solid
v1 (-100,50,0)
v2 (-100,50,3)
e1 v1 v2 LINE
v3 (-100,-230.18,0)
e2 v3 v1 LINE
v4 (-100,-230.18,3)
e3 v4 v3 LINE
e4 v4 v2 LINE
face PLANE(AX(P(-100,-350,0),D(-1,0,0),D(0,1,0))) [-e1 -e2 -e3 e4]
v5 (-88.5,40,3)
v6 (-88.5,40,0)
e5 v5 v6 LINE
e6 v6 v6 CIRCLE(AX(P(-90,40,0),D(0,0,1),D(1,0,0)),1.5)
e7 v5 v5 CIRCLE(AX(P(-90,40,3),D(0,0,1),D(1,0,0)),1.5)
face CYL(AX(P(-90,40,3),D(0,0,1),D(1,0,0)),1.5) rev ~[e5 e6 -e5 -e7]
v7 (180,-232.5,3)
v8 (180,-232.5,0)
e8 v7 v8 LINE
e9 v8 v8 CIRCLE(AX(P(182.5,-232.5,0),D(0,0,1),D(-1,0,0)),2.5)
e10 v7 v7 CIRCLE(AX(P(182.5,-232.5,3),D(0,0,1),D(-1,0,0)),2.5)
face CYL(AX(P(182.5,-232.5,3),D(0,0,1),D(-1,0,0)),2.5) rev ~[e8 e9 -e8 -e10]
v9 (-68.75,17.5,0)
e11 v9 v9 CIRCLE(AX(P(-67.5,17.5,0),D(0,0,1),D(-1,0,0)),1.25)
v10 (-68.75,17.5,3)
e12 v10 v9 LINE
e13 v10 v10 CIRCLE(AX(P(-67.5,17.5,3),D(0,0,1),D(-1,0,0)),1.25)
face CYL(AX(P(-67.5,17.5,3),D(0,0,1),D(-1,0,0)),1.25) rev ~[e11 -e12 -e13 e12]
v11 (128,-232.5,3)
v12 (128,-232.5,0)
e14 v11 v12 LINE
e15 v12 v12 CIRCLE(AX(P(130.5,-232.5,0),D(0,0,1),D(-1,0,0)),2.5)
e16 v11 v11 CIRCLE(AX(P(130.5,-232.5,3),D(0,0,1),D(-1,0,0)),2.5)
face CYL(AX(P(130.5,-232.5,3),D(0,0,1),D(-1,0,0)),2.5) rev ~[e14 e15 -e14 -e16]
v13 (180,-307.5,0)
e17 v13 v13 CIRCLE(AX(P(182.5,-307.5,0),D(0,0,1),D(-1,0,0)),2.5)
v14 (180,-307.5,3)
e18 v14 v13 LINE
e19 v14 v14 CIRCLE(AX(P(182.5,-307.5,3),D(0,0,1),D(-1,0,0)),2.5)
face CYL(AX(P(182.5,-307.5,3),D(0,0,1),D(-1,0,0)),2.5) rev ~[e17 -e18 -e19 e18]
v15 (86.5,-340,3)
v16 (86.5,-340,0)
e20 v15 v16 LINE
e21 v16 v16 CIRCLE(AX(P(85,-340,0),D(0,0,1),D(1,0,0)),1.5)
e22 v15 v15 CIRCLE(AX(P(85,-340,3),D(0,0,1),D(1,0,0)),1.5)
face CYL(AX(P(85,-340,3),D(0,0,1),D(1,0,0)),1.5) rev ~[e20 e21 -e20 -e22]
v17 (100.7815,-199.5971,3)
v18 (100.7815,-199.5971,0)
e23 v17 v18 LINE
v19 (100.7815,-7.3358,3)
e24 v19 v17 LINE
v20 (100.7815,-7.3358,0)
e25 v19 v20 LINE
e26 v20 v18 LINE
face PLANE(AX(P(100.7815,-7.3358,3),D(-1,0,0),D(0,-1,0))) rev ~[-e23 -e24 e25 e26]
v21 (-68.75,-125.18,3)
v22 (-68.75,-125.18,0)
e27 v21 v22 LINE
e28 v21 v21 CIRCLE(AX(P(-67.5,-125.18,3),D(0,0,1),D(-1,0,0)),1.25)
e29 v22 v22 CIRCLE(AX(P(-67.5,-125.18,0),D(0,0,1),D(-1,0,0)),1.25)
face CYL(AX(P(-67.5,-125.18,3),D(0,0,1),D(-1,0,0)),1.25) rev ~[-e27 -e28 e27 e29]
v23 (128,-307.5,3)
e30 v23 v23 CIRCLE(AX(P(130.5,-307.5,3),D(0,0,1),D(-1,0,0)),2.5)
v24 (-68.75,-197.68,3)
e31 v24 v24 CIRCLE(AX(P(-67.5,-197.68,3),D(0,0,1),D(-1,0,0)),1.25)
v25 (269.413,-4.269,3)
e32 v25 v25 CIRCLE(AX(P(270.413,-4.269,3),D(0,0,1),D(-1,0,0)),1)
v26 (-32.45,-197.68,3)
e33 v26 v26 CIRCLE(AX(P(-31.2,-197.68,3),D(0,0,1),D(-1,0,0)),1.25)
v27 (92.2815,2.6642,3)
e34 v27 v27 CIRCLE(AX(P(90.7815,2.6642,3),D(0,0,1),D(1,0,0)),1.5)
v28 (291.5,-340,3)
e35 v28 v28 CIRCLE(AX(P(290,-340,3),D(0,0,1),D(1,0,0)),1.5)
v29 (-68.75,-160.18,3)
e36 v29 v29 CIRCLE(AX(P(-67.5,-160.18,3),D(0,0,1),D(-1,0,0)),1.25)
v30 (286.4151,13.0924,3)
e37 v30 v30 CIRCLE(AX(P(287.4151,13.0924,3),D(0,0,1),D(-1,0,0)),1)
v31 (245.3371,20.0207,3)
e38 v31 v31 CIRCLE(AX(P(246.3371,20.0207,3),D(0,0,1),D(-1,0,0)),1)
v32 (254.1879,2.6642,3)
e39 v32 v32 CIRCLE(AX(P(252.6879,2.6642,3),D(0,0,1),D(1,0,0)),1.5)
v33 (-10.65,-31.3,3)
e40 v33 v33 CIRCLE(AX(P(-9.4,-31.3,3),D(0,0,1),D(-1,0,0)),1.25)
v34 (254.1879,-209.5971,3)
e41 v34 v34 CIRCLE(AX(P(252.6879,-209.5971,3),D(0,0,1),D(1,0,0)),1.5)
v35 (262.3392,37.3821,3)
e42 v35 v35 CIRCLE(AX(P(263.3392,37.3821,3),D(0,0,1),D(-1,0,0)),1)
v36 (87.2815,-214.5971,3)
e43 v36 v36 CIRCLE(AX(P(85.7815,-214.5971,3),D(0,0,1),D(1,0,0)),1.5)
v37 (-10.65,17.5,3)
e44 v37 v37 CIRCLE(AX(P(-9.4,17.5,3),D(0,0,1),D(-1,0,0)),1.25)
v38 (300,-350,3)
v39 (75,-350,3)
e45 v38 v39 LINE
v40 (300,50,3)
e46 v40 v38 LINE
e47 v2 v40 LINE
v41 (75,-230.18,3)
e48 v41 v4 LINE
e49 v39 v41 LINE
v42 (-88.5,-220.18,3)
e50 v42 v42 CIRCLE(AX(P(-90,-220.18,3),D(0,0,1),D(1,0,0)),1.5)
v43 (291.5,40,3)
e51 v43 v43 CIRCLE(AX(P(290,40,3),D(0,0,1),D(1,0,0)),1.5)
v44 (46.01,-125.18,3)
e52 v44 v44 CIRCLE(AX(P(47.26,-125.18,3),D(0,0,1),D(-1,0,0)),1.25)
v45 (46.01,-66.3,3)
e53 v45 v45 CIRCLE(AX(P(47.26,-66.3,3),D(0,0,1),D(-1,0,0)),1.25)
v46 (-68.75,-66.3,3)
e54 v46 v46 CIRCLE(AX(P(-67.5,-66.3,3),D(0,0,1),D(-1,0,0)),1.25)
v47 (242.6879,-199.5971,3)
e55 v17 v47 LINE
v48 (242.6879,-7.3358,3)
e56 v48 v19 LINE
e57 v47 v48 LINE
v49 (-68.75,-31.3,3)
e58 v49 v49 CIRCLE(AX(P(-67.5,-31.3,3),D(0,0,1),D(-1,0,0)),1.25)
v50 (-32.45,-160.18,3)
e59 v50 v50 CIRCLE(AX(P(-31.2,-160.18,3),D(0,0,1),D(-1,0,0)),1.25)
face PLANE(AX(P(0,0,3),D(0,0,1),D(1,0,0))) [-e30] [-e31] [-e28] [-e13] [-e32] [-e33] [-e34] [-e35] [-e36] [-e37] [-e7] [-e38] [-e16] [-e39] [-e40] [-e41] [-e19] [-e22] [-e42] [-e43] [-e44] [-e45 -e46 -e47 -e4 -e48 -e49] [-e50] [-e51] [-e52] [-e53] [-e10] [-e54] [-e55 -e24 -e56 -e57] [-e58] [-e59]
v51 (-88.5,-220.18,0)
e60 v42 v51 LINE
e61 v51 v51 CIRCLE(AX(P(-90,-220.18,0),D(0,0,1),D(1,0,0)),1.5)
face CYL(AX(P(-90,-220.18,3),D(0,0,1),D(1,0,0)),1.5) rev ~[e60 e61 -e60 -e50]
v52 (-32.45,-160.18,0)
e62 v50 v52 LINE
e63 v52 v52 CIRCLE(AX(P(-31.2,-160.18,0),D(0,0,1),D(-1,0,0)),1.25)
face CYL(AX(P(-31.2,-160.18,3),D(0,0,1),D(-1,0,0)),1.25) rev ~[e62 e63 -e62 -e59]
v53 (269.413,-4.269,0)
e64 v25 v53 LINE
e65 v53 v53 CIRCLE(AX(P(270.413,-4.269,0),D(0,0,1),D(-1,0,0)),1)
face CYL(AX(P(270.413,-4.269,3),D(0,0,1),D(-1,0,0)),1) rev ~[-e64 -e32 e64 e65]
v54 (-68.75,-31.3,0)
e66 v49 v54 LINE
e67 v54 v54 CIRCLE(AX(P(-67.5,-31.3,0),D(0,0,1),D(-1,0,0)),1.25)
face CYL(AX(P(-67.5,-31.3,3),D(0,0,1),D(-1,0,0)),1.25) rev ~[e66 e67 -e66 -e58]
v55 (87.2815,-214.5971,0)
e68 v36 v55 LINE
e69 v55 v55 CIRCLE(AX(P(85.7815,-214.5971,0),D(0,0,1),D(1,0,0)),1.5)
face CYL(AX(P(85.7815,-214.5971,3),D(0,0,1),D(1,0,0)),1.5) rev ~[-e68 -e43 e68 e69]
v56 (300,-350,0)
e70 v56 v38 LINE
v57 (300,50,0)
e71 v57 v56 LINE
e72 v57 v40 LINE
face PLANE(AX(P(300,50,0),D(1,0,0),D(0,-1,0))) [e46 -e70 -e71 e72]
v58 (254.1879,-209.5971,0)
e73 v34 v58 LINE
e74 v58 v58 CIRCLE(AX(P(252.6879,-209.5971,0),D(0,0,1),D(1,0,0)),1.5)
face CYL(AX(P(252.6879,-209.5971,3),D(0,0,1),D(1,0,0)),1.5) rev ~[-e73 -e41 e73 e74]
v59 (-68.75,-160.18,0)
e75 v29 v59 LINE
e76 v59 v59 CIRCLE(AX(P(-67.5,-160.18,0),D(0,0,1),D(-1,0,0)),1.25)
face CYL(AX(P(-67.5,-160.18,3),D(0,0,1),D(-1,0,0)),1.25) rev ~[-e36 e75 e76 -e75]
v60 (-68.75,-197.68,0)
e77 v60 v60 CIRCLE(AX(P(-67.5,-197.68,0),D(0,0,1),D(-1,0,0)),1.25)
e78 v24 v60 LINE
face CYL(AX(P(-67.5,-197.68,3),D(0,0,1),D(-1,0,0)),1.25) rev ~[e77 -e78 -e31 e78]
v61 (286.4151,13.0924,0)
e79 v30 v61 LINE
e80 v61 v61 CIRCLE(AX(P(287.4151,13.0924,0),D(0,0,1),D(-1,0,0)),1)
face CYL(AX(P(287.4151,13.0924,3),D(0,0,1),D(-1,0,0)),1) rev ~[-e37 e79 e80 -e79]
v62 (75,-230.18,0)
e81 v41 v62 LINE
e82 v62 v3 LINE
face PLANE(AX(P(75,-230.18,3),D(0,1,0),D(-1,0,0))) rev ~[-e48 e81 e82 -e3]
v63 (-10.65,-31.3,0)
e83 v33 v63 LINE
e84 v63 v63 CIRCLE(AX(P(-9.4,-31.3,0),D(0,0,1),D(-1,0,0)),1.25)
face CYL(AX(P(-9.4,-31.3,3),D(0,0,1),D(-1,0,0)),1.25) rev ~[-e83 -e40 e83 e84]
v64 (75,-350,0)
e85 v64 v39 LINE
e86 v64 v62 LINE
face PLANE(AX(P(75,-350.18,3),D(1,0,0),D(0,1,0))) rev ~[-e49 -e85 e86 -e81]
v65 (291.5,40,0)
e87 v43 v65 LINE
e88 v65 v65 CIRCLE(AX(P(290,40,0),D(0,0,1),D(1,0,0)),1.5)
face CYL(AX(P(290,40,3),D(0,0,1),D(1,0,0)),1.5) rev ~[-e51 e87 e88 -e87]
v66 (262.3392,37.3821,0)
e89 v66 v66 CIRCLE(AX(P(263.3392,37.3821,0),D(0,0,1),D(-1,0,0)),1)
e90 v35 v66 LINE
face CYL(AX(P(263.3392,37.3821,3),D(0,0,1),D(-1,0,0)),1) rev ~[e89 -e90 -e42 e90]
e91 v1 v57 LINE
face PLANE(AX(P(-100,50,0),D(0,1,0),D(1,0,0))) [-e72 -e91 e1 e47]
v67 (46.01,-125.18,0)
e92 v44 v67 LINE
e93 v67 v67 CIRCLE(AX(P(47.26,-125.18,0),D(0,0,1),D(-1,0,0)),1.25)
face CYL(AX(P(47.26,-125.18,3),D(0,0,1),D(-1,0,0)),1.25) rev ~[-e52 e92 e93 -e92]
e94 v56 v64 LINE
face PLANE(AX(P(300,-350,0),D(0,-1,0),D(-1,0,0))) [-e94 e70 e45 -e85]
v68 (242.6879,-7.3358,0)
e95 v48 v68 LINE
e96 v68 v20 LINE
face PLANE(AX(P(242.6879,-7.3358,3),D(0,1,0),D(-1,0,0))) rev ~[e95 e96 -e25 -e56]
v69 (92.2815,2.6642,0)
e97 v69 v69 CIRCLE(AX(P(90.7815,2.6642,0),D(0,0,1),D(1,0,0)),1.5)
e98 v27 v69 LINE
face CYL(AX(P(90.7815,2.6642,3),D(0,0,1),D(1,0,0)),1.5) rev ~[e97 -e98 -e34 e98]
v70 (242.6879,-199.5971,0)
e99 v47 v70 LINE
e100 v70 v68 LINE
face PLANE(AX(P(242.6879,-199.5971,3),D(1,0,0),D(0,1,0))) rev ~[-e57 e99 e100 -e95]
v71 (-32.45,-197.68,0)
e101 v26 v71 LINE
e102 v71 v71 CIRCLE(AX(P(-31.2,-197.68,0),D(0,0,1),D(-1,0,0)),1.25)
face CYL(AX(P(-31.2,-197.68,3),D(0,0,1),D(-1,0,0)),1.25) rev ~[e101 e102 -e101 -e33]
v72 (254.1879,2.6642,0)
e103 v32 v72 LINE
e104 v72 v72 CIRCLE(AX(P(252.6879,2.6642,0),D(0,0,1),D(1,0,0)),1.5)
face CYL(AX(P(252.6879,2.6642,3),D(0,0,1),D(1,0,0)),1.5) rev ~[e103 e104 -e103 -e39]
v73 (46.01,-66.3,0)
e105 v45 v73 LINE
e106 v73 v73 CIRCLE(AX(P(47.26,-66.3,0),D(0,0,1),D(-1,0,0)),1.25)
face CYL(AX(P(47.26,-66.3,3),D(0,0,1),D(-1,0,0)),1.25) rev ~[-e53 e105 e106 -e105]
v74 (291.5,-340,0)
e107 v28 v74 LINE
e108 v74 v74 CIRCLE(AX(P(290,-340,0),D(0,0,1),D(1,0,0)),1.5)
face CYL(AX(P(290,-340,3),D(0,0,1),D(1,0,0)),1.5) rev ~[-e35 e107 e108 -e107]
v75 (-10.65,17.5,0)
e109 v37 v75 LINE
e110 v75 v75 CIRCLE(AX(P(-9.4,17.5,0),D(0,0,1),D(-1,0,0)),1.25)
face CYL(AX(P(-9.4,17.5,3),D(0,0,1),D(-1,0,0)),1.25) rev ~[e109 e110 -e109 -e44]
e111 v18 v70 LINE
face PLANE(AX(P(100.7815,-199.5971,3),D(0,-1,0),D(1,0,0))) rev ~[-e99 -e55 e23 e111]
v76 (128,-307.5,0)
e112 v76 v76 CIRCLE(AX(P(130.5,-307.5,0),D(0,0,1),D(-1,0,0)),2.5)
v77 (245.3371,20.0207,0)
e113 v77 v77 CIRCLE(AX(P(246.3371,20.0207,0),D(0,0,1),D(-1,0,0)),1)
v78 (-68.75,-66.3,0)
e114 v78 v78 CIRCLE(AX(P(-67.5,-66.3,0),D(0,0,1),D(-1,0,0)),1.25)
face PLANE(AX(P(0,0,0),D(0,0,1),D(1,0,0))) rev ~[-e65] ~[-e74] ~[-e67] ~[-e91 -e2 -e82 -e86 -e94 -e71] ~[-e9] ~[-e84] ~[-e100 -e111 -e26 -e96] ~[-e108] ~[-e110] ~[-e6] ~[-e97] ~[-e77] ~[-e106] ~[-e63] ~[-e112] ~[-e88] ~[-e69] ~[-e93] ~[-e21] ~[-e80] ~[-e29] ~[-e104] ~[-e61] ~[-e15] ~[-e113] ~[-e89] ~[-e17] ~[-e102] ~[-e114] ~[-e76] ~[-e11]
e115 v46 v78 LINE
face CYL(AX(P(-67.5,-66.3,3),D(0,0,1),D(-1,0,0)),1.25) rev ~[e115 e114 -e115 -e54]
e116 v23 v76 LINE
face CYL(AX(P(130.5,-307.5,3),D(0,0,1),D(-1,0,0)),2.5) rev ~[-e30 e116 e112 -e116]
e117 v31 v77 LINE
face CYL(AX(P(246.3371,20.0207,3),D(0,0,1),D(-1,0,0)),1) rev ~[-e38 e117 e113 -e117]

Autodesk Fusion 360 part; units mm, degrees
sketch "Sketch1" plane through (0, 0, 0) normal (0, 0, 1) x (1, 0, 0)
  line L0 (-100, 50) -> (300, 50)
  line L1 (300, 50) -> (300, -350)
  line L2 (300, -350) -> (-100, -350)
  line L3 (-100, -350) -> (-100, 50)
  dimension "d1" = 400
  dimension "d2" = 400
extrude "Extrude1" add sketch "Sketch1" along normal blind 3
sketch "Sketch2" plane through (0, 0, 3) normal (0, 0, 1) x (-1, 0, 0)
  line L0 (100, 350) -> (-300, 350)
  line L1 (-300, 350) -> (-300, -50)
  line L2 (-300, -50) -> (100, -50)
  line L3 (100, -50) -> (100, 350)
  line L4 (-263.3486, -40) -> (-290, -13.1239)
  line L5 (-290, -13.1239) -> (-270.7994, 7.2868)
  line L6 (-270.7994, 7.2868) -> (-243.7577, -19.9951)
  line L7 (-243.7577, -19.9951) -> (-263.3486, -40)
  circle A0 centre (-263.3392, -37.3821) radius 1
  circle A1 centre (-287.4151, -13.0924) radius 1
  circle A2 centre (-246.3371, -20.0207) radius 1
  circle A3 centre (-270.413, 4.269) radius 1
  line L8 (-105, 220) -> (-270, 220)
  line L9 (-270, 220) -> (-270, 320)
  line L10 (-270, 320) -> (-105, 320)
  line L11 (-105, 320) -> (-105, 220)
  circle A4 centre (-130.5, 232.5) radius 2.5
  circle A5 centre (-130.5, 307.5) radius 2.5
  circle A6 centre (-182.5, 232.5) radius 2.5
  circle A7 centre (-182.5, 307.5) radius 2.5
  line L12 (-152.9998, 228.0039) -> (-160.7739, 228.0044) construction
  line L13 (-160.7739, 228.0044) -> (-160.7741, 225.0005) construction
  line L14 (-160.7741, 225.0005) -> (-153, 225) construction
  line L15 (-153, 225) -> (-152.9998, 228.0039) construction
  line L16 (-153, 315) -> (-168.7144, 314.9704) construction
  line L17 (-168.7144, 314.9704) -> (-168.6983, 306.4348) construction
  line L18 (-168.6983, 306.4348) -> (-152.9839, 306.4644) construction
  line L19 (-152.9839, 306.4644) -> (-153, 315) construction
  line L20 (-49.76, 127.68) -> (70, 127.68)
  circle A8 centre (67.5, 66.3) radius 1.25
  line L21 (70, 127.68) -> (70, 63.8)
  circle A9 centre (-47.26, 125.18) radius 1.25
  circle A10 centre (67.5, 125.18) radius 1.25
  line L22 (-49.76, 63.8) -> (-49.76, 127.68)
  circle A11 centre (-47.26, 66.3) radius 1.25
  line L23 (70, 63.8) -> (-49.76, 63.8)
  line L24 (70, -20) -> (6.9, -20)
  line L25 (70, 33.8) -> (70, -20)
  line L26 (6.9, -20) -> (6.9, 33.8)
  circle A12 centre (9.4, 31.3) radius 1.25
  circle A13 centre (9.4, -17.5) radius 1.25
  circle A14 centre (67.5, 31.3) radius 1.25
  circle A15 centre (67.5, -17.5) radius 1.25
  line L27 (6.9, 33.8) -> (70, 33.8)
  circle A16 centre (67.5, 197.68) radius 1.25
  line L28 (70, 157.68) -> (28.7, 157.68)
  circle A17 centre (67.5, 160.18) radius 1.25
  line L29 (70, 200.18) -> (70, 157.68)
  circle A18 centre (31.2, 197.68) radius 1.25
  line L30 (28.7, 200.18) -> (70, 200.18)
  line L31 (28.7, 157.68) -> (28.7, 200.18)
  circle A19 centre (31.2, 160.18) radius 1.25
  dimension "d5" = 2
  dimension "d6" = 2
  dimension "d7" = 2
  dimension "d8" = 2
  dimension "d9" = 34.2
  dimension "d10" = 24.3
  dimension "d11" = 34.2
  dimension "d12" = 24.3
  dimension "d13" = 37.85
  dimension "d14" = 28
  dimension "d15" = 1.85
  dimension "d16" = 1.85
  dimension "d17" = 1.85
  dimension "d18" = 1.825
  dimension "d19" = 1.825
  dimension "d20" = 100
  dimension "d21" = 165
  dimension "d22" = 5
  dimension "d23" = 5
  dimension "d24" = 5
  dimension "d25" = 5
  dimension "d26" = 52
  dimension "d27" = 75
  dimension "d28" = 52
  dimension "d29" = 75
  dimension "d30" = 25.5
  dimension "d31" = 25.5
  dimension "d32" = 12.5
  dimension "d33" = 10
  dimension "d34" = 10
  dimension "d35" = 87.5
  dimension "d36" = 12.5
  dimension "d37" = 5
  dimension "d38" = 48
  dimension "d39" = 5
  dimension "d40" = 48
  dimension "d190" = 10
  dimension "d42" = 2.5
  dimension "d43" = 2.5
  dimension "d44" = 2.5
  dimension "d45" = 2.5
  dimension "d46" = 2.5
  dimension "d47" = 2.5
  dimension "d48" = 2.5
  dimension "d49" = 2.5
  dimension "d50" = 2.5
  dimension "d51" = 2.5
  dimension "d52" = 2.5
  dimension "d53" = 114.76
  dimension "d54" = 58.88
  dimension "d55" = 58.88
  dimension "d56" = 2.5
  dimension "d57" = 114.76
  dimension "d186" = 10
  dimension "d59" = 2.5
  dimension "d60" = 2.5
  dimension "d61" = 2.5
  dimension "d62" = 2.5
  dimension "d63" = 2.5
  dimension "d64" = 2.5
  dimension "d65" = 2.5
  dimension "d66" = 2.5
  dimension "d67" = 2.5
  dimension "d68" = 2.5
  dimension "d69" = 2.5
  dimension "d70" = 58.1
  dimension "d71" = 48.8
  dimension "d72" = 48.8
  dimension "d188" = 10
  dimension "d74" = 2.5
  dimension "d75" = 2.5
  dimension "d76" = 2.5
  dimension "d77" = 2.5
  dimension "d78" = 2.5
  dimension "d79" = 2.5
  dimension "d80" = 2.5
  dimension "d81" = 2.5
  dimension "d82" = 2.5
  dimension "d83" = 2.5
  dimension "d84" = 2.5
  dimension "d85" = 37.5
  dimension "d86" = 36.3
  dimension "d87" = 36.3
  dimension "d90" = 30
  dimension "d91" = 58.1
  dimension "d92" = 30
  dimension "d93" = 30
  dimension "d94" = 30
  dimension "d95" = 30
  dimension "d96" = 30
  dimension "d97" = 12.5
  dimension "d98" = 87.5
  dimension "d99" = 10
  dimension "d100" = 10
  dimension "d101" = 30
  dimension "d102" = 30
sketch "Sketch3" plane through (0, 0, 3) normal (0, 0, 1) x (1, 0, 0)
  line L0 (-100, -350.18) -> (75, -350.18)
  line L1 (75, -350.18) -> (75, -230.18)
  line L2 (75, -230.18) -> (-100, -230.18)
  line L3 (-100, -230.18) -> (-100, -350.18)
  line L4 (-28.7, -200.18) -> (-70, -200.18)
  line L5 (105, -320) -> (105, -220)
  dimension "d103" = 30
  dimension "d104" = 30
  dimension "d105" = 120
  dimension "d106" = 175
extrude "Extrude2" cut sketch "Sketch3" against normal blind 5.5
extrude "Extrude3" cut sketch "Sketch2" against normal blind 5.5 contours A4 | A5 | A6 | A7 | A8 | A9 | A10 | A11 | A12 | A13 | A14 | A15 | A16 | A17 | A18 | A19
extrude "Extrude4" cut sketch "Sketch2" against normal blind 5.5 contours A0 | A1 | A2 | A3
sketch "Sketch4" plane through (0, 0, 3) normal (0, 0, 1) x (-1, 0, 0)
  circle A0 centre (-270.413, 4.269) radius 1
  circle A1 centre (-287.4151, -13.0924) radius 1
  circle A2 centre (-246.3371, -20.0207) radius 1
  circle A3 centre (-263.3392, -37.3821) radius 1
  circle A4 centre (9.4, 31.3) radius 1.25
  circle A5 centre (-47.26, 125.18) radius 1.25
  circle A6 centre (31.2, 160.18) radius 1.25
  circle A7 centre (-130.5, 232.5) radius 2.5
  circle A8 centre (-182.5, 307.5) radius 2.5
  circle A9 centre (67.5, 197.68) radius 1.25
  circle A10 centre (-47.26, 66.3) radius 1.25
  circle A11 centre (9.4, -17.5) radius 1.25
  circle A12 centre (67.5, 31.3) radius 1.25
  circle A13 centre (67.5, 125.18) radius 1.25
  circle A14 centre (31.2, 197.68) radius 1.25
  circle A15 centre (-130.5, 307.5) radius 2.5
  circle A16 centre (-182.5, 232.5) radius 2.5
  circle A17 centre (67.5, 160.18) radius 1.25
  circle A18 centre (67.5, 66.3) radius 1.25
  circle A19 centre (67.5, -17.5) radius 1.25
  line L0 (-75, 230.18) -> (-75, 350)
  line L1 (-75, 350) -> (-300, 350)
  line L2 (-300, 350) -> (-300, -50)
  line L3 (-300, -50) -> (100, -50)
  line L4 (100, -50) -> (100, 230.18)
  line L5 (100, 230.18) -> (-75, 230.18)
  line L6 (-242.6879, 7.3358) -> (-100.7815, 7.3358)
  line L7 (-100.7815, 7.3358) -> (-100.7815, 199.5971)
  line L8 (-100.7815, 199.5971) -> (-242.6879, 199.5971)
  line L9 (-242.6879, 199.5971) -> (-242.6879, 7.3358)
  line L10 (-270.7994, 7.2868) -> (-243.7577, -19.9951)
  dimension "d113" = 20
  dimension "d114" = 40
extrude "Extrude5" cut sketch "Sketch4" against normal blind 3 contours L6 L7 L8 L9
sketch "Sketch5" plane through (0, 0, 3) normal (0, 0, 1) x (1, 0, 0)
  circle A0 centre (-90, 40) radius 1.5
  line L0 (-100, 50) -> (300, 50)
  line L1 (-100, -350) -> (-100, 50)
  circle A1 centre (290, 40) radius 1.5
  line L2 (300, 50) -> (300, -350)
  circle A2 centre (290, -340) radius 1.5
  line L3 (300, -350) -> (-100, -350)
  circle A3 centre (85, -340) radius 1.5
  line L4 (75, -230.18) -> (75, -350)
  circle A4 centre (-90, -220.18) radius 1.5
  line L5 (-100, -230.18) -> (75, -230.18)
  circle A5 centre (90.7815, 2.6642) radius 1.5
  line L6 (100.7815, -199.5971) -> (100.7815, -7.3358)
  line L7 (100.7815, -7.3358) -> (242.6879, -7.3358)
  circle A6 centre (252.6879, 2.6642) radius 1.5
  line L8 (242.6879, -7.3358) -> (242.6879, -199.5971)
  circle A7 centre (252.6879, -209.5971) radius 1.5
  line L9 (242.6879, -199.5971) -> (100.7815, -199.5971)
  circle A8 centre (85.7815, -214.5971) radius 1.5
  dimension "d117" = 3
  dimension "d118" = 10
  dimension "d119" = 10
  dimension "d120" = 3
  dimension "d121" = 10
  dimension "d122" = 10
  dimension "d123" = 3
  dimension "d124" = 10
  dimension "d125" = 10
  dimension "d126" = 3
  dimension "d127" = 10
  dimension "d128" = 10
  dimension "d129" = 3
  dimension "d130" = 10
  dimension "d131" = 10
  dimension "d132" = 3
  dimension "d133" = 10
  dimension "d134" = 10
  dimension "d135" = 3
  dimension "d136" = 10
  dimension "d137" = 10
  dimension "d138" = 3
  dimension "d139" = 10
  dimension "d140" = 10
  dimension "d141" = 3
  dimension "d142" = 15
  dimension "d143" = 15
extrude "Extrude6" cut sketch "Sketch5" against normal blind 3 contours A0 | A1 | A2 | A3 | A4 | A5 | A6 | A7 | A8
equation "d29 = d27"
